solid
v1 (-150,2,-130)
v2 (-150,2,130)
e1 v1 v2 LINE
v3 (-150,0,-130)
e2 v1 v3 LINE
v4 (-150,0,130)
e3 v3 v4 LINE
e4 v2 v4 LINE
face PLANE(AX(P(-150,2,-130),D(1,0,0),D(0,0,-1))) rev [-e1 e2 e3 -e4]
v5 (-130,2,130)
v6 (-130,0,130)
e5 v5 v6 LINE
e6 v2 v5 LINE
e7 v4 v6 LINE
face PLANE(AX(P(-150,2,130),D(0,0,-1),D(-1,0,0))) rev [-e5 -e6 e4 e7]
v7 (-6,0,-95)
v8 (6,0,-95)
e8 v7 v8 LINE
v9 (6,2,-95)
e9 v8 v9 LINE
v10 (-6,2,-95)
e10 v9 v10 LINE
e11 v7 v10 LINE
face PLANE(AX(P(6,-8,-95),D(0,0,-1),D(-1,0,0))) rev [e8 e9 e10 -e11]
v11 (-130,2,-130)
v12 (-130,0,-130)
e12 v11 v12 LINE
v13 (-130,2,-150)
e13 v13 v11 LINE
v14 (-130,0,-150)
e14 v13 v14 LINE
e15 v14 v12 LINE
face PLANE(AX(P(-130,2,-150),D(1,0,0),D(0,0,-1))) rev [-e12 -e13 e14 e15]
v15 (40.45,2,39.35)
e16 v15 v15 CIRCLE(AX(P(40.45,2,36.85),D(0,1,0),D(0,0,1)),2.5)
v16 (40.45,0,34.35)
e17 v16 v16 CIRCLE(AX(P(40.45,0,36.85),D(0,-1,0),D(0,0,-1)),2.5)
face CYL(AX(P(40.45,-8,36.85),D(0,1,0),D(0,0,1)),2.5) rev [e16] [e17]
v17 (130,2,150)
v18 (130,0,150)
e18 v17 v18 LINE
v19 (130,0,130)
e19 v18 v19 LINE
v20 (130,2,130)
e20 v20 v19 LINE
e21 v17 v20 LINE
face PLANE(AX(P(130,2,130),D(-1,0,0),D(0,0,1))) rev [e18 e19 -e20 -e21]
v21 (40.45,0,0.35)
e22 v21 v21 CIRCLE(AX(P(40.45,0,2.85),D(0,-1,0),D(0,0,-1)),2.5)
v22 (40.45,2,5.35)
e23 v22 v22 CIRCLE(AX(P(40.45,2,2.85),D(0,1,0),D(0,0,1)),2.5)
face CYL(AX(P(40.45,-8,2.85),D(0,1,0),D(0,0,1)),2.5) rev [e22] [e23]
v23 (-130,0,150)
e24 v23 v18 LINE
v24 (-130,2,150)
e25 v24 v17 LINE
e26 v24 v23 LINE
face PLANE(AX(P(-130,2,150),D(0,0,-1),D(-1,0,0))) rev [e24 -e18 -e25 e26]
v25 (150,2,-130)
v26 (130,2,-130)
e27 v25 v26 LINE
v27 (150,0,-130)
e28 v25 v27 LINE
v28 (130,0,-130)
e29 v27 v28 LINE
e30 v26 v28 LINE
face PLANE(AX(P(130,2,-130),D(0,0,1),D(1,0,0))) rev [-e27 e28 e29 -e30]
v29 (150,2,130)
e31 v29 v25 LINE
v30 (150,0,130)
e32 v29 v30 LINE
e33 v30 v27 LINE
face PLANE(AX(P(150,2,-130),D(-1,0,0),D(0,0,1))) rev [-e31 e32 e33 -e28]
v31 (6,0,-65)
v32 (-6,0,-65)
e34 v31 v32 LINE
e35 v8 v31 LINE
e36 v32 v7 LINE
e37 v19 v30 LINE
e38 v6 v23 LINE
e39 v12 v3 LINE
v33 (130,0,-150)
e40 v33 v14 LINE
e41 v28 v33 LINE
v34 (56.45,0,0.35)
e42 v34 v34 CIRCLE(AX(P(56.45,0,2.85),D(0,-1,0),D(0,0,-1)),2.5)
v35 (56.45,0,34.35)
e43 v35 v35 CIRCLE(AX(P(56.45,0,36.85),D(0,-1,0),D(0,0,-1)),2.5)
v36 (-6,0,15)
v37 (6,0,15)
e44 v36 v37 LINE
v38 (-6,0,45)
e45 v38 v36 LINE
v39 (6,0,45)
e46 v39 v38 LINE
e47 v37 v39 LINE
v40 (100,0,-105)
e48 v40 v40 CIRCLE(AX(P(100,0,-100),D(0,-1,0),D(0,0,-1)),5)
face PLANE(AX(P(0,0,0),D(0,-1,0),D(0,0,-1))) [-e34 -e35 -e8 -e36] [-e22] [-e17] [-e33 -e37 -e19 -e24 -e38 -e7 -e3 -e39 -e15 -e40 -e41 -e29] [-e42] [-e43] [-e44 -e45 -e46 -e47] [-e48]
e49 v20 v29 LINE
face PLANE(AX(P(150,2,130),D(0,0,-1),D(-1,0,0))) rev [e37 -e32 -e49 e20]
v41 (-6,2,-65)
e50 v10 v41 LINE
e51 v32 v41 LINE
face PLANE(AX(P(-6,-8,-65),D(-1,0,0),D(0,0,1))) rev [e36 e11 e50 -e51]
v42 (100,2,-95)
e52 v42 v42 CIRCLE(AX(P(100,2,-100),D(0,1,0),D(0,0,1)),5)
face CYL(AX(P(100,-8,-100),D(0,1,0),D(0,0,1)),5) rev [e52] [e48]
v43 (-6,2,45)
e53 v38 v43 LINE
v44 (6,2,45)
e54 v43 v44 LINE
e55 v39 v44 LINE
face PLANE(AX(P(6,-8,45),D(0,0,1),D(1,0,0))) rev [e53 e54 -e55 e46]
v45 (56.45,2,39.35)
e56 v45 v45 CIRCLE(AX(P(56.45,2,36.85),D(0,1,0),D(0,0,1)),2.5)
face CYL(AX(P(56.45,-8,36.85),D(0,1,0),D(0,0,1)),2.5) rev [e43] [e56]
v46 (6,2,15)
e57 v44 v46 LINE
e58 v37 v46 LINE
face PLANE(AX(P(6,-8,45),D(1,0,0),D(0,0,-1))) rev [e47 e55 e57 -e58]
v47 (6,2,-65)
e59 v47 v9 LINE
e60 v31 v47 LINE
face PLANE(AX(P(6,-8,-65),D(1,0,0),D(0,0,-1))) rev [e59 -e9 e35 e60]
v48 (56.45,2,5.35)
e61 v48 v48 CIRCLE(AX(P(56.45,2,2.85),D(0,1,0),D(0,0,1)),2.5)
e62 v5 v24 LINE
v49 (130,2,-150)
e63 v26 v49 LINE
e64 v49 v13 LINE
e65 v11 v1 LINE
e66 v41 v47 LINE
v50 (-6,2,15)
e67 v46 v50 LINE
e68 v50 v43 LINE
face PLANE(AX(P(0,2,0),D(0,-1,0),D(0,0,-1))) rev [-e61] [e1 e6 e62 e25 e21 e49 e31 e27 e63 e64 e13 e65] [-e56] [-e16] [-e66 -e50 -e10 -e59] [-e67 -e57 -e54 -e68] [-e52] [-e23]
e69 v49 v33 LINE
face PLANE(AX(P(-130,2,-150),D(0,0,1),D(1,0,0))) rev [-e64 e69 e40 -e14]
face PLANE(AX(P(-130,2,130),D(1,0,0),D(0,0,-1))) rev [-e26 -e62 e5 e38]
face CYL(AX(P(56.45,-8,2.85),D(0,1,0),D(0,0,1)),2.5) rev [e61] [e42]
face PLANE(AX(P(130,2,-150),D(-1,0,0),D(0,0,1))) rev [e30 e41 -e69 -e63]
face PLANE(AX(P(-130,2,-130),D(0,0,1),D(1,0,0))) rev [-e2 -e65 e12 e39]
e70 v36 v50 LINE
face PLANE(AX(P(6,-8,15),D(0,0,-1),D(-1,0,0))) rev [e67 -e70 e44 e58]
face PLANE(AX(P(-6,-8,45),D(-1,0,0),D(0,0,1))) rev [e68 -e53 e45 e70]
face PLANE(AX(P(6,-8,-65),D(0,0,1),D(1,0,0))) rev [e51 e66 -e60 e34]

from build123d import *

# Parameters (mm, degrees)
BOSS_EXTRUDE1_DEPTH = 2
SKETCH2_R           = 5
SKETCH2_R_2         = 2.5
SKETCH2_W           = 12
SKETCH2_H           = 30
CUT_EXTRUDE1_DEPTH  = 10


with BuildPart() as part:
    # Sketch1 → Boss-Extrude1 (new body)
    with BuildSketch(Plane(origin=(0, 0, 0), x_dir=(1, 0, 0), z_dir=(0, 1, 0))):
        Polygon((-130, 150), (-130, 130), (-150, 130), (-150, -130), (-130, -130), (-130, -150), (130, -150), (130, -130), (150, -130), (150, 130), (130, 130), (130, 150), align=None)
    extrude(amount=BOSS_EXTRUDE1_DEPTH)

    # Sketch2 → Cut-Extrude1 (cut)
    with BuildSketch(Plane(origin=(0, 2, 0), x_dir=(1, 0, 0), z_dir=(0, 1, 0))):
        with Locations((100, 100)):
            Circle(SKETCH2_R)
        with Locations((56.45, -2.85)):
            Circle(SKETCH2_R_2)
        with Locations((40.45, -2.85)):
            Circle(SKETCH2_R_2)
        with Locations((40.45, -36.85)):
            Circle(SKETCH2_R_2)
        with Locations((56.45, -36.85)):
            Circle(SKETCH2_R_2)
        with Locations((0, -30)):
            Rectangle(SKETCH2_W, SKETCH2_H)
        with Locations((0, 80)):
            Rectangle(SKETCH2_W, SKETCH2_H)
    extrude(amount=-CUT_EXTRUDE1_DEPTH, mode=Mode.SUBTRACT)


solid = part.part
